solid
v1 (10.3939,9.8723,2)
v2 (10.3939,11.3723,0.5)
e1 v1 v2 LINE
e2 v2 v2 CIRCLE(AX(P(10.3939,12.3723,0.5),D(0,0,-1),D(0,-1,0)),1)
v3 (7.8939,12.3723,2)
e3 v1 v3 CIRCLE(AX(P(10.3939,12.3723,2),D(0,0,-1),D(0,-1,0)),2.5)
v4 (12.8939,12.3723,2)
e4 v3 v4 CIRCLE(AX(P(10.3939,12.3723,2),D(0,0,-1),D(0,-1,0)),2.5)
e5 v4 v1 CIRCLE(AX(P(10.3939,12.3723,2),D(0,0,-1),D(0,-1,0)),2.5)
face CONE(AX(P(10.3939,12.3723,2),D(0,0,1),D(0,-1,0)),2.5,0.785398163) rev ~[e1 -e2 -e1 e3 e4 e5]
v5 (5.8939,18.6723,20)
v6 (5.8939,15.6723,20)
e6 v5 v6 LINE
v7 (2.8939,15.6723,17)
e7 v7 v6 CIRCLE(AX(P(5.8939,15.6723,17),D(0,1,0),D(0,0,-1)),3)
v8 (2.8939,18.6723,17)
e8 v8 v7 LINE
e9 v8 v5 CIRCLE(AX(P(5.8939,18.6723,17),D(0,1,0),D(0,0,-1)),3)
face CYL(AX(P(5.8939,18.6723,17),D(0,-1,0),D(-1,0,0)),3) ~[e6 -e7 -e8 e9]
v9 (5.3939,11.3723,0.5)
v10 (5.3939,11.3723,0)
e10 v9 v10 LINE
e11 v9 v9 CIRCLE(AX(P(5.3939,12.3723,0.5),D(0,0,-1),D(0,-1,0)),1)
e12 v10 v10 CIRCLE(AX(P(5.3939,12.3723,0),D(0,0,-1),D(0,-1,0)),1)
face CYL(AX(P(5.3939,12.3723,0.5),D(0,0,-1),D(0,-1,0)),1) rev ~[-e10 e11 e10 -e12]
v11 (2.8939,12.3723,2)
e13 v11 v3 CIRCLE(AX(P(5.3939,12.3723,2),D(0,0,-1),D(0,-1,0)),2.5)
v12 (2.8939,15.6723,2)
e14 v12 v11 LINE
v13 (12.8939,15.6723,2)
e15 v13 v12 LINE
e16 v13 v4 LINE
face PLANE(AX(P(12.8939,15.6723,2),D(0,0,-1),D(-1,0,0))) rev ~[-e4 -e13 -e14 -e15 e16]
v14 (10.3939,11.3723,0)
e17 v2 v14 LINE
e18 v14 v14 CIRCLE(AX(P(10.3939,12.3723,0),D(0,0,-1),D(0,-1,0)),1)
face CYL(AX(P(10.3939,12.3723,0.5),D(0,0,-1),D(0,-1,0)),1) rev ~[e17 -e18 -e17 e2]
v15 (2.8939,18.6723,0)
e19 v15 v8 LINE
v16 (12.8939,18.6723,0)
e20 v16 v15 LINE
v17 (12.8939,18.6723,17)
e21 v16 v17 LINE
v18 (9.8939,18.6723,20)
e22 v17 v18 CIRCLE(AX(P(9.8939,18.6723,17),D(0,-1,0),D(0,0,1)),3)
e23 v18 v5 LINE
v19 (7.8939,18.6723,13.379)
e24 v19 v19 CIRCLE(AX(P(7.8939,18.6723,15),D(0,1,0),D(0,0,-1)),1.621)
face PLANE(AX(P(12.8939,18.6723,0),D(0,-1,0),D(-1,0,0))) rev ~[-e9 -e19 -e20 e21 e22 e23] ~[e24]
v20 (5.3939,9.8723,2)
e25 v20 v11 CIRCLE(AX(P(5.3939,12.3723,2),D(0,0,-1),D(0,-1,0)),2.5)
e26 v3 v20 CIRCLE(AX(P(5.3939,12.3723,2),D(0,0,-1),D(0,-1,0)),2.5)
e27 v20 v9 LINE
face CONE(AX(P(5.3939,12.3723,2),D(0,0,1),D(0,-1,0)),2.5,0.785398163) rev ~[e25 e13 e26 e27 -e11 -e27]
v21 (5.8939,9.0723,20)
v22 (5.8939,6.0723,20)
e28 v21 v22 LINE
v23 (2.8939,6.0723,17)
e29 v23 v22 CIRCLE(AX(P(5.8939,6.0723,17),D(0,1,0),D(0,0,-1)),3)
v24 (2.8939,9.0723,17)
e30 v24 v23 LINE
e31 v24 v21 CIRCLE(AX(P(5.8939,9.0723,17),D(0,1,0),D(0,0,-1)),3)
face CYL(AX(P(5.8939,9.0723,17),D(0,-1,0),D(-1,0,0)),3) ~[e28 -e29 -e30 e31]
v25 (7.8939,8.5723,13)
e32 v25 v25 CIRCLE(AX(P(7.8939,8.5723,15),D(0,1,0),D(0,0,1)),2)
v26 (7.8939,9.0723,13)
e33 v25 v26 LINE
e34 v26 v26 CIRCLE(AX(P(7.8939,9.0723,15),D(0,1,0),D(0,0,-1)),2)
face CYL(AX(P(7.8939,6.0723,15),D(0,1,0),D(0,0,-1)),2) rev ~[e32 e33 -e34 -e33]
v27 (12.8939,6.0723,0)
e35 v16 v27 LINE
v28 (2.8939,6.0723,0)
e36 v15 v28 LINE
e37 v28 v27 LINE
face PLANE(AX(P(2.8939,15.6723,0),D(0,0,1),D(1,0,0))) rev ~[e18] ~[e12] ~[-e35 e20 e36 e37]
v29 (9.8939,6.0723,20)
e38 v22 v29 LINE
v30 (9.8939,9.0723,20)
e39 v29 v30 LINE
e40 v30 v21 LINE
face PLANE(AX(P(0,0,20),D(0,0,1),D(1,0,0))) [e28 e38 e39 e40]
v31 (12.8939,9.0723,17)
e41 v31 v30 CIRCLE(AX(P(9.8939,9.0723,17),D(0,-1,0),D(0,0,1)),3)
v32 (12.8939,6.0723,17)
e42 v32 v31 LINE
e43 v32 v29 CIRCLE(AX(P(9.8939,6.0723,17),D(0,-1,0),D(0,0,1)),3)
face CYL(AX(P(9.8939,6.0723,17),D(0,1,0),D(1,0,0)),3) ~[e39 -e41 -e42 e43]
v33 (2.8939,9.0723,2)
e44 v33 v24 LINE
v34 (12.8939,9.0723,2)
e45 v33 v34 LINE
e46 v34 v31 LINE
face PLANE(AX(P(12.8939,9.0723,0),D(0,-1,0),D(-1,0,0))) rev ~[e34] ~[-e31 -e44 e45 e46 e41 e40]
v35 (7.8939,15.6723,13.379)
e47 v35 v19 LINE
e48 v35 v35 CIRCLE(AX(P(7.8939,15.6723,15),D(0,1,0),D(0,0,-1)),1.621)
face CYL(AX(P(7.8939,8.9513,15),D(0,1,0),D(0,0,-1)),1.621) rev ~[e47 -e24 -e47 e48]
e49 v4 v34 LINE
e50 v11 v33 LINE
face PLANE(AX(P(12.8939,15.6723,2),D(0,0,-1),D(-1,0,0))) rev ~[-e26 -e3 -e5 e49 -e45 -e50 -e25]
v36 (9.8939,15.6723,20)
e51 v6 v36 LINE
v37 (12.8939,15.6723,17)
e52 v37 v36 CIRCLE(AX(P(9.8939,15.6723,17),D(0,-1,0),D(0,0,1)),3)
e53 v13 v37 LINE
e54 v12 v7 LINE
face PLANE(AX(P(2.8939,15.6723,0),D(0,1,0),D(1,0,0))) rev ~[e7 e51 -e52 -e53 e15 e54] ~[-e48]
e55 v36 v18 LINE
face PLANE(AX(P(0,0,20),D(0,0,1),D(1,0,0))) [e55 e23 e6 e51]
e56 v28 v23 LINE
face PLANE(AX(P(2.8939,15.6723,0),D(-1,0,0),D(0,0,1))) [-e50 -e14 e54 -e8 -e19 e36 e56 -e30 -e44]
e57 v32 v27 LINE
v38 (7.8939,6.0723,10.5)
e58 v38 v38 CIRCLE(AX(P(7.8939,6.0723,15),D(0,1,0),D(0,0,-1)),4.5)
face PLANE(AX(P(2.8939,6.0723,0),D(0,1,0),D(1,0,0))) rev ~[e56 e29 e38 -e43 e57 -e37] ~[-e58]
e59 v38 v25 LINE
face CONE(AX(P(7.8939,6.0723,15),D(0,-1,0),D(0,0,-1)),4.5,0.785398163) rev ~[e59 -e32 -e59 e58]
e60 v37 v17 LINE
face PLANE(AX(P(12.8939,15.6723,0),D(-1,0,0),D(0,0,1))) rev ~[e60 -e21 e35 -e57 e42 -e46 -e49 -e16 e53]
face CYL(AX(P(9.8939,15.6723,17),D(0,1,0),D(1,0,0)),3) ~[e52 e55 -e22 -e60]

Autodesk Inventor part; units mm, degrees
ref_plane "YZ Plane" through (0, 0, 0) normal (1, 0, 0) x (0, 1, 0)
ref_plane "XZ Plane" through (0, 0, 0) normal (0, 1, 0) x (-1, 0, 0)
ref_plane "XY Plane" through (0, 0, 0) normal (0, 0, 1) x (1, 0, 0)
sketch "Skizze1" plane through (0, 0, 0) normal (0, 0, 1) x (1, 0, 0)
  line L0 (12.8939, 18.6723) -> (2.8939, 18.6723)
  line L1 (2.8939, 18.6723) -> (2.8939, 15.6723)
  line L2 (2.8939, 15.6723) -> (12.8939, 15.6723)
  line L3 (12.8939, 15.6723) -> (12.8939, 18.6723)
  line L4 (12.8939, 9.0723) -> (2.8939, 9.0723)
  line L5 (2.8939, 9.0723) -> (2.8939, 6.0723)
  line L6 (2.8939, 6.0723) -> (12.8939, 6.0723)
  line L7 (12.8939, 6.0723) -> (12.8939, 9.0723)
  line L8 (12.8939, 15.6723) -> (12.8939, 12.3723) construction
  line L9 (12.8939, 12.3723) -> (12.8939, 9.0723) construction
  point P0 (0, 0)
  point P1 (7.8939, 9.0723)
  dimension "d0" = 10
  dimension "d1" = 3
  dimension "d2" = 3
  dimension "d3" = 6.6
extrude "Extrusion1" add sketch "Skizze1" along normal blind 20
fillet "Rundung1" radius 3 4 edges at (12.8939, 7.5723, 20) (12.8939, 17.1723, 20) (2.8939, 17.1723, 20) (2.8939, 7.5723, 20)
sketch "Skizze2" plane through (2.8939, 6.0723, 0) normal (0, -1, 0) x (1, 0, 0)
  circle A0 centre (5, 15) radius 5 construction
  line L0 (10, 0) -> (10, 17) construction
  line L1 (0, 0) -> (0, 17) construction
  line L2 (3, 20) -> (7, 20) construction
  point P0 (-2.8939, 0)
hole "Bohrung1" at (7.8939, 6.0723, 15) direction (0, 1, 0) diameter 3.242 end through all countersink diameter 9 countersink angle 90 thread size "M4x0.7" class "6H" standard "ISO Metric profile"
sketch "Skizze3" plane through (2.8939, 15.6723, 0) normal (0, -1, 0) x (1, 0, 0)
  line L0 (0, 0) -> (10, 0) projected
  line L1 (10, 0) -> (10, 2)
  line L2 (10, 0) -> (10, 17) projected
  line L3 (10, 2) -> (0, 2)
  line L4 (0, 0) -> (0, 17) projected
  point P0 (-2.8939, 0)
  dimension "d15" = 2
extrude "Extrusion2" add sketch "Skizze3" along normal through all
sketch "Skizze4" plane through (2.8939, 15.6723, 2) normal (0, 0, 1) x (1, 0, 0)
  line L0 (10, -3.3) -> (10, 0) construction
  line L1 (10, -3.3) -> (10, -6.6) construction
  line L2 (0, -3.3) -> (0, -6.6) construction
  line L3 (0, 0) -> (0, -3.3) construction
  line L4 (7, 3) -> (3, 3) construction
  line L5 (0, 3) -> (0, 0) construction
  line L6 (-4, -3.3) -> (5, -3.3) construction
  line L7 (-4, -3.3) -> (5, -3.3) construction
  line L8 (-4, -3.3) -> (5, -3.3) construction
  line L9 (2.5, -3.3) -> (5, -3.3) construction
  line L10 (5, -3.3) -> (7.5, -3.3) construction
  point P0 (-2.8939, -15.6723)
  dimension "d34" = 5
  dimension "d35" = 9
  dimension "d36" = 6.3
  dimension "d37" = 5
  dimension "d38" = 9
  dimension "d40" = 9
  dimension "d41" = 0
hole "Bohrung2" at (10.3939, 12.3723, 2) at (5.3939, 12.3723, 2) direction (0, 0, -1) diameter 2 end through all countersink diameter 5 countersink angle 90
sketch "Skizze5" plane through (2.8939, 6.0723, 0) normal (0, -1, 0) x (1, 0, 0)
  circle A0 centre (5, 15) radius 4.5 projected
  point P0 (-2.8939, 0)
hole "Bohrung3" at (7.8939, 6.0723, 15) direction (0, 1, 0) diameter 4 depth 3
properties part number "HalterUmlenkrolleOVR" material "PC/ABS-Kunststoff, 3DDruck, PLA"
